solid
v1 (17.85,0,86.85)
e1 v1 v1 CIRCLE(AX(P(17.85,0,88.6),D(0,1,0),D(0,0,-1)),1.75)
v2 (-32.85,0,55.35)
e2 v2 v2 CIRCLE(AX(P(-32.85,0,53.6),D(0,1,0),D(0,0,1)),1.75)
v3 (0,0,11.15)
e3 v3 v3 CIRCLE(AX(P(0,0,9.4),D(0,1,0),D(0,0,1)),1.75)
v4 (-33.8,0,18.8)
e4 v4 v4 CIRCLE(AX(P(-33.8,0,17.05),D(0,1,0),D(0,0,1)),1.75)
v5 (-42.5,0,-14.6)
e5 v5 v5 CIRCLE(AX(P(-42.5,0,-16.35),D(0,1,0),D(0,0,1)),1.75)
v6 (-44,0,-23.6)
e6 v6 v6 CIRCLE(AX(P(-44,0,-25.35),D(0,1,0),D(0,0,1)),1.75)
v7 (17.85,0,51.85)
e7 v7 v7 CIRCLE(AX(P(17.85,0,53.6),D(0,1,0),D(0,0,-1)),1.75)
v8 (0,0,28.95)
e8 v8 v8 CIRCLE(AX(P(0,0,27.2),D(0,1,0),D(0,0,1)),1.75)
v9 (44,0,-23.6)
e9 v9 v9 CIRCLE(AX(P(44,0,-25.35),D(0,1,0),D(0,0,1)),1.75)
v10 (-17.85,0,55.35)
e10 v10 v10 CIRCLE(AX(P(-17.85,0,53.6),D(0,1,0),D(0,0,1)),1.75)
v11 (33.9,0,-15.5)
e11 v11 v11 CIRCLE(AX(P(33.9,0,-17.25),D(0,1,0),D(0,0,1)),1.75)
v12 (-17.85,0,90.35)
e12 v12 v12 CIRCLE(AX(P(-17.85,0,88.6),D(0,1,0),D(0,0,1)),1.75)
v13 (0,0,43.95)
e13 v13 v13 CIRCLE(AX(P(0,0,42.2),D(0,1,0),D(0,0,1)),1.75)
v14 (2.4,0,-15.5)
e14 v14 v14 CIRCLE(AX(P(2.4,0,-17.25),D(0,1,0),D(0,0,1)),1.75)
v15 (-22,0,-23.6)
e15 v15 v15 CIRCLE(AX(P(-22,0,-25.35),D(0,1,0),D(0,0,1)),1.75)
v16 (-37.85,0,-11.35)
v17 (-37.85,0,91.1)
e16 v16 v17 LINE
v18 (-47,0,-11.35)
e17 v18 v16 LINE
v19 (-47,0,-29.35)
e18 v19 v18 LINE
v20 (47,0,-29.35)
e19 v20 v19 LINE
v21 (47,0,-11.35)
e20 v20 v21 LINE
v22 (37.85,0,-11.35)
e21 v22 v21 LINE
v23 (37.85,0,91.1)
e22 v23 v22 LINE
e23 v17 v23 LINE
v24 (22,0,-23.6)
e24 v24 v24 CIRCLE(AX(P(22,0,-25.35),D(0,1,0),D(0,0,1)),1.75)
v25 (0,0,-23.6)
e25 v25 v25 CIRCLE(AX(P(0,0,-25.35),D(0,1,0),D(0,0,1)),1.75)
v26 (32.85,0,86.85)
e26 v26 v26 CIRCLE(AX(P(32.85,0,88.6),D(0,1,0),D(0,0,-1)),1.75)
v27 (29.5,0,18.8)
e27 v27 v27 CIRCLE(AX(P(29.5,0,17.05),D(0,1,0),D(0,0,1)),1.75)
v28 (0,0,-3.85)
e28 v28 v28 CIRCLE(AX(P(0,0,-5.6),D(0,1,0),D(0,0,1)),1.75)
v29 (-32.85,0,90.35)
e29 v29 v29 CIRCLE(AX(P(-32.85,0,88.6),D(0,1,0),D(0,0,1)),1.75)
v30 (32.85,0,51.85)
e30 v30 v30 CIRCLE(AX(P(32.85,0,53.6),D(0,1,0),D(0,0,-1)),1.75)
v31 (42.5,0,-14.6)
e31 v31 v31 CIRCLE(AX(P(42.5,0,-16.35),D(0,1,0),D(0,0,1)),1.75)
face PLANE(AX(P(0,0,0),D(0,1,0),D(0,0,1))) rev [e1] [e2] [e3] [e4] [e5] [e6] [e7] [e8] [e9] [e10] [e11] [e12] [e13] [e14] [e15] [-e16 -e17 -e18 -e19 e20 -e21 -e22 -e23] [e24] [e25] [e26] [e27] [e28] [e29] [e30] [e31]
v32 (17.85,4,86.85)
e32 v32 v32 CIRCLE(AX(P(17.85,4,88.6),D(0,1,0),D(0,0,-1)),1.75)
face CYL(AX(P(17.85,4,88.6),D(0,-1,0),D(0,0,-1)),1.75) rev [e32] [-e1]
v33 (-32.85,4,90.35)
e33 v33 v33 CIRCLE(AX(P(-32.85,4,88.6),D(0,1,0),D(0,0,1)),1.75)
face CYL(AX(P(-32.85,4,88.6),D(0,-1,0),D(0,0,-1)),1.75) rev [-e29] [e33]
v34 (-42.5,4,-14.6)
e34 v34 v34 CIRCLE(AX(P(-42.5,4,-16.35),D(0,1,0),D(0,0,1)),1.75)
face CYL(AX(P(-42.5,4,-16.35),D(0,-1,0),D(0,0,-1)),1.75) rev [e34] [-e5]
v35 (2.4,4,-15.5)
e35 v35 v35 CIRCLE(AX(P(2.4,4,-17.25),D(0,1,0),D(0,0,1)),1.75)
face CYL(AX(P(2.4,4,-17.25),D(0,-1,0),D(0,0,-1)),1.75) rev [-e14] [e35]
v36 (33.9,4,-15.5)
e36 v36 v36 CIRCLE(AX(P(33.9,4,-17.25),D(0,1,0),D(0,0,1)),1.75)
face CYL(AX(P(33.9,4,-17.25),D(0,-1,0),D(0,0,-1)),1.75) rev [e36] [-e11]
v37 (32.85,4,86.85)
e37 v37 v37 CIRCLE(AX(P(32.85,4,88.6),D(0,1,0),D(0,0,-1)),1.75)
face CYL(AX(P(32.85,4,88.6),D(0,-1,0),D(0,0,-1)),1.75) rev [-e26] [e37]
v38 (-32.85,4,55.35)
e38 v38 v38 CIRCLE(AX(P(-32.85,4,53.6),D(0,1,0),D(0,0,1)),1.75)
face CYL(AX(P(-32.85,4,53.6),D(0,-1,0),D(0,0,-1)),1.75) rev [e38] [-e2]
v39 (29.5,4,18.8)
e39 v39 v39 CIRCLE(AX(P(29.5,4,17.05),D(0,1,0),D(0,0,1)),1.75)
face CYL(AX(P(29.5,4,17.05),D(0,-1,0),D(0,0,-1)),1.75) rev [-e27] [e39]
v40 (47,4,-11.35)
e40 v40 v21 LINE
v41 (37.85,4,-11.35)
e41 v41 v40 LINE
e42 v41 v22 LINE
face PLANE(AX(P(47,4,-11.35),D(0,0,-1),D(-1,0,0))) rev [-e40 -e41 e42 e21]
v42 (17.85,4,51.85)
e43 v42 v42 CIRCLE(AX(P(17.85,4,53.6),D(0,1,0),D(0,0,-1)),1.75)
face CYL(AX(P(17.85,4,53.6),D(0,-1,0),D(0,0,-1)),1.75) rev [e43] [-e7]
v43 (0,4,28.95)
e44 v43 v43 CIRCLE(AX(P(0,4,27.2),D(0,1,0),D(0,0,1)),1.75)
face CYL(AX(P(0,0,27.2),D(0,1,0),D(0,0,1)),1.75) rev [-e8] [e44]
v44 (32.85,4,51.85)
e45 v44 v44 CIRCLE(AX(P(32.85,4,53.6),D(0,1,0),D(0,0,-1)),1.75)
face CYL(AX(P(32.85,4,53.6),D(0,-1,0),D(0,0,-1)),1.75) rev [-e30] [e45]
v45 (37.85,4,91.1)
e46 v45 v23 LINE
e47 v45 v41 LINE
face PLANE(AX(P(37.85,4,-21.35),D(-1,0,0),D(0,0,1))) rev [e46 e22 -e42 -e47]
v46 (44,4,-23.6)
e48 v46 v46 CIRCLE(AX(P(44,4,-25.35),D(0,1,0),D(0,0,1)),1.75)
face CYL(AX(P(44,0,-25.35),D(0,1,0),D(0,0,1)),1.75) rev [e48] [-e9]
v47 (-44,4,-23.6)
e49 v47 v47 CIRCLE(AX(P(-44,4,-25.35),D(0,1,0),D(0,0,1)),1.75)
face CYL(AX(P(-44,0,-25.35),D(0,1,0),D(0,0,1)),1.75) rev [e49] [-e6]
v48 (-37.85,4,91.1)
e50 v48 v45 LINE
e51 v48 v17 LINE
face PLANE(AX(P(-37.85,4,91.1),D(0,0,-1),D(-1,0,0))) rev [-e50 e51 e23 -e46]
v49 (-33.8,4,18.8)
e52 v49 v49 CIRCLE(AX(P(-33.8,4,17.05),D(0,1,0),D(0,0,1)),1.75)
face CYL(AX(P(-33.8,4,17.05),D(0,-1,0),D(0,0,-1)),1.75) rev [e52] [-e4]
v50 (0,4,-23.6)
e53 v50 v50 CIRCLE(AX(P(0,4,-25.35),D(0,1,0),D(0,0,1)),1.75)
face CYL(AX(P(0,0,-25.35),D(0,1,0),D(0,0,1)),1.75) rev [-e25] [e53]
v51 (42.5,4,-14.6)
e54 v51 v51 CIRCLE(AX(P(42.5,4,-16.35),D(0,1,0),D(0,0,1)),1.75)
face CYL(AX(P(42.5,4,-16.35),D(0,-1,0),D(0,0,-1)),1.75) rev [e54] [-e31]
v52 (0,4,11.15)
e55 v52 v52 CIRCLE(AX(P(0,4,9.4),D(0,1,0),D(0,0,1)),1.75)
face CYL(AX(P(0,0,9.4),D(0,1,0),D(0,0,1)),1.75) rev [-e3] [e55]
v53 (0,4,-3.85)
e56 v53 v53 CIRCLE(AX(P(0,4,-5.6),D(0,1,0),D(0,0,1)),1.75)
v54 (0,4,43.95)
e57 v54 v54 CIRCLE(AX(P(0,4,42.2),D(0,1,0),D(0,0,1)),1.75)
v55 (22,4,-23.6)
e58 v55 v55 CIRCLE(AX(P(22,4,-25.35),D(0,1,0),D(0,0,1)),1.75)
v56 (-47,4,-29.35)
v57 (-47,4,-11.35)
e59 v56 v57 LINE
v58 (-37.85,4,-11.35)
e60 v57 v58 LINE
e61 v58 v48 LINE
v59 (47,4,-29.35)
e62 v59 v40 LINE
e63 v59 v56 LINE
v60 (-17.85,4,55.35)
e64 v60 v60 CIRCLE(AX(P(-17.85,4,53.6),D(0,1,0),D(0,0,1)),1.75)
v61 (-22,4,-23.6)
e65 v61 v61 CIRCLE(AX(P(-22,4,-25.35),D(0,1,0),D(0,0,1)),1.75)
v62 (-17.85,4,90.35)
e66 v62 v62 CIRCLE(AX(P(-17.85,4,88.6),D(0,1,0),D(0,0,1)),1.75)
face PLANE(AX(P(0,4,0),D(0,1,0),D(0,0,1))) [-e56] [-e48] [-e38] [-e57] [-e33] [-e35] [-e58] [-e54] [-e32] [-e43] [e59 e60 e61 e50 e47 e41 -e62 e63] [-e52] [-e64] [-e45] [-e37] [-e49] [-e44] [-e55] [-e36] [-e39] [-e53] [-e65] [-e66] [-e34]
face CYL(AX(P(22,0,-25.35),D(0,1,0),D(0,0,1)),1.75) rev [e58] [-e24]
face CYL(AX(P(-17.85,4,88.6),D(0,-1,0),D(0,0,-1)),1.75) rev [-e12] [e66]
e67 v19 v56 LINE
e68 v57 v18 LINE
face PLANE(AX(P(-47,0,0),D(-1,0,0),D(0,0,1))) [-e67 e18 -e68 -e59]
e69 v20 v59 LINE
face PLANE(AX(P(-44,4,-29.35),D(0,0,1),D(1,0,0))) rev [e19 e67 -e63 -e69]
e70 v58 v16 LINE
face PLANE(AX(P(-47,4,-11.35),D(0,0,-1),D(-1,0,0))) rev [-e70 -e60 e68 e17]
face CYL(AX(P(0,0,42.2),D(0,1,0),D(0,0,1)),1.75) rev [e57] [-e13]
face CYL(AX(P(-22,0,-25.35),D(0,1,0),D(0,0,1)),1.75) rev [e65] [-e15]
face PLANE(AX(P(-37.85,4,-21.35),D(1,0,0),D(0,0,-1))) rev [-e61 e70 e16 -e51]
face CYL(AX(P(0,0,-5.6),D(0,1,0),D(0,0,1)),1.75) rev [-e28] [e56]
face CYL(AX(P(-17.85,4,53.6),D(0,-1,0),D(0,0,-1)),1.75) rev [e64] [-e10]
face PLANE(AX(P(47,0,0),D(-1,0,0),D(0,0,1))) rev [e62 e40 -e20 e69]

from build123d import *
from build123d.topology import SkipClean

# Parameters (mm, degrees)
SKETCH1_W           = 75.7
SKETCH1_H           = 42.7
SKETCH1_R           = 1.75
BOSS_EXTRUDE1_DEPTH = 4
SKETCH3_W           = 75.7
SKETCH3_H           = 29.75
SKETCH3_R           = 1.75
BOSS_EXTRUDE2_DEPTH = 4
SKETCH3_3_R         = 1.75
CUT_EXTRUDE1_DEPTH  = 4
SKETCH4_W           = 75.7
SKETCH4_H           = 40
SKETCH4_R           = 1.75
BOSS_EXTRUDE3_DEPTH = 4
BOSS_EXTRUDE4_DEPTH = 4
SKETCH6_3_R         = 1.75
CUT_EXTRUDE2_DEPTH  = 103.587572347
SKETCH7_W           = 9.15
SKETCH7_H           = 10
SKETCH7_R           = 1.75
BOSS_EXTRUDE5_DEPTH = 4


with BuildPart() as part:
    # Sketch1 → Boss-Extrude1 (new body)
    with BuildSketch(Plane(origin=(0, 0, 0), x_dir=(1, 0, 0), z_dir=(0, 1, 0))):
        Rectangle(SKETCH1_W, SKETCH1_H)
        with Locations((2.4, 17.25)):
            Circle(SKETCH1_R, mode=Mode.SUBTRACT)
        with Locations((-33.8, -17.05)):
            Circle(SKETCH1_R, mode=Mode.SUBTRACT)
        with Locations((29.5, -17.05)):
            Circle(SKETCH1_R, mode=Mode.SUBTRACT)
        with Locations((33.9, 17.25)):
            Circle(SKETCH1_R, mode=Mode.SUBTRACT)
    extrude(amount=BOSS_EXTRUDE1_DEPTH)

    # Sketch3 → Boss-Extrude2 (add)
    with BuildSketch(Plane(origin=(0, 4, 0), x_dir=(1, 0, 0), z_dir=(0, 1, 0))):
        with Locations((0, -36.225)):
            Rectangle(SKETCH3_W, SKETCH3_H)
        with Locations((0, -42.2)):
            Circle(SKETCH3_R, mode=Mode.SUBTRACT)
        with Locations((0, -27.2)):
            Circle(SKETCH3_R, mode=Mode.SUBTRACT)
    extrude(amount=-BOSS_EXTRUDE2_DEPTH)

    # Sketch3<3> → Cut-Extrude1 (cut)
    with BuildSketch(Plane(origin=(0, 4, 0), x_dir=(1, 0, 0), z_dir=(0, 1, 0))):
        with Locations((0, 5.6)):
            Circle(SKETCH3_3_R)
        with Locations((0, -9.4)):
            Circle(SKETCH3_3_R)
    extrude(amount=-CUT_EXTRUDE1_DEPTH, mode=Mode.SUBTRACT)

    # Sketch4 → Boss-Extrude3 (add)
    # profile 1 of 2: a face of its own
    with BuildSketch(Plane(origin=(0, 0, 0), x_dir=(1, 0, 0), z_dir=(0, 1, 0))):
        with Locations((0, -71.1)):
            Rectangle(SKETCH4_W, SKETCH4_H)
        with Locations((-32.85, -53.6)):
            Circle(SKETCH4_R, mode=Mode.SUBTRACT)
        with Locations((-17.85, -53.6)):
            Circle(SKETCH4_R, mode=Mode.SUBTRACT)
        with Locations((-17.85, -88.6)):
            Circle(SKETCH4_R, mode=Mode.SUBTRACT)
        with Locations((-32.85, -88.6)):
            Circle(SKETCH4_R, mode=Mode.SUBTRACT)
        with Locations((32.85, -88.6)):
            Circle(SKETCH4_R, mode=Mode.SUBTRACT)
        with Locations((17.85, -88.6)):
            Circle(SKETCH4_R, mode=Mode.SUBTRACT)
        with Locations((17.85, -53.6)):
            Circle(SKETCH4_R, mode=Mode.SUBTRACT)
        with Locations((32.85, -53.6)):
            Circle(SKETCH4_R, mode=Mode.SUBTRACT)
    # profile 2 of 2: a face of its own
    with BuildSketch(Plane(origin=(0, 0, 0), x_dir=(1, 0, 0), z_dir=(0, 1, 0))):
        Polygon((-37.85, 21.35), (-44, 21.35), (-44, 29.35), (44, 29.35), (44, 21.35), (37.85, 21.35), align=None)
    extrude(amount=BOSS_EXTRUDE3_DEPTH)

    # Sketch6 → Boss-Extrude4 (add)
    with BuildSketch(Plane(origin=(0, 4, 0), x_dir=(1, 0, 0), z_dir=(0, 1, 0))):
        with BuildLine():
            Line((-44, 27.1), (-44, 29.35))
            Line((-44, 29.35), (-47, 29.35))
            Line((-47, 29.35), (-47, 21.35))
            Line((-47, 21.35), (-44, 21.35))
            Line((-44, 21.35), (-44, 23.6))
            ThreePointArc((-44, 23.6), (-45.75, 25.35), (-44, 27.1))
        make_face()
        with BuildLine():
            Line((47, 29.35), (44, 29.35))
            Line((44, 29.35), (44, 27.1))
            ThreePointArc((44, 27.1), (45.75, 25.35), (44, 23.6))
            Line((44, 23.6), (44, 21.35))
            Line((44, 21.35), (47, 21.35))
            Line((47, 21.35), (47, 29.35))
        make_face()
    extrude(amount=-BOSS_EXTRUDE4_DEPTH)

    # Sketch6<3> → Cut-Extrude2 (cut, through all)
    with SkipClean():  # the faces are left unmerged after this step: merging them gives an invalid solid
        with BuildSketch(Plane(origin=(0, 4, 0), x_dir=(1, 0, 0), z_dir=(0, 1, 0))):
            with Locations((0, 25.35)):
                Circle(SKETCH6_3_R)
            with Locations((22, 25.35)):
                Circle(SKETCH6_3_R)
            with Locations((44, 25.35)):
                Circle(SKETCH6_3_R)
            with Locations((-22, 25.35)):
                Circle(SKETCH6_3_R)
            with Locations((-44, 25.35)):
                Circle(SKETCH6_3_R)
        extrude(amount=-CUT_EXTRUDE2_DEPTH, mode=Mode.SUBTRACT)

    # Sketch7 → Boss-Extrude5 (add)
    # profile 1 of 2: a face of its own
    with SkipClean():  # the faces are left unmerged after this step: merging them gives an invalid solid
        with BuildSketch(Plane(origin=(0, 0, 0), x_dir=(1, 0, 0), z_dir=(0, 1, 0))):
            with Locations((-42.425, 16.35)):
                Rectangle(SKETCH7_W, SKETCH7_H)
            with Locations((-42.5, 16.35)):
                Circle(SKETCH7_R, mode=Mode.SUBTRACT)
        # profile 2 of 2: a face of its own
        with BuildSketch(Plane(origin=(0, 0, 0), x_dir=(1, 0, 0), z_dir=(0, 1, 0))):
            with Locations((42.425, 16.35)):
                Rectangle(SKETCH7_W, SKETCH7_H)
            with Locations((42.5, 16.35)):
                Circle(SKETCH7_R, mode=Mode.SUBTRACT)
        extrude(amount=BOSS_EXTRUDE5_DEPTH)


solid = part.part
